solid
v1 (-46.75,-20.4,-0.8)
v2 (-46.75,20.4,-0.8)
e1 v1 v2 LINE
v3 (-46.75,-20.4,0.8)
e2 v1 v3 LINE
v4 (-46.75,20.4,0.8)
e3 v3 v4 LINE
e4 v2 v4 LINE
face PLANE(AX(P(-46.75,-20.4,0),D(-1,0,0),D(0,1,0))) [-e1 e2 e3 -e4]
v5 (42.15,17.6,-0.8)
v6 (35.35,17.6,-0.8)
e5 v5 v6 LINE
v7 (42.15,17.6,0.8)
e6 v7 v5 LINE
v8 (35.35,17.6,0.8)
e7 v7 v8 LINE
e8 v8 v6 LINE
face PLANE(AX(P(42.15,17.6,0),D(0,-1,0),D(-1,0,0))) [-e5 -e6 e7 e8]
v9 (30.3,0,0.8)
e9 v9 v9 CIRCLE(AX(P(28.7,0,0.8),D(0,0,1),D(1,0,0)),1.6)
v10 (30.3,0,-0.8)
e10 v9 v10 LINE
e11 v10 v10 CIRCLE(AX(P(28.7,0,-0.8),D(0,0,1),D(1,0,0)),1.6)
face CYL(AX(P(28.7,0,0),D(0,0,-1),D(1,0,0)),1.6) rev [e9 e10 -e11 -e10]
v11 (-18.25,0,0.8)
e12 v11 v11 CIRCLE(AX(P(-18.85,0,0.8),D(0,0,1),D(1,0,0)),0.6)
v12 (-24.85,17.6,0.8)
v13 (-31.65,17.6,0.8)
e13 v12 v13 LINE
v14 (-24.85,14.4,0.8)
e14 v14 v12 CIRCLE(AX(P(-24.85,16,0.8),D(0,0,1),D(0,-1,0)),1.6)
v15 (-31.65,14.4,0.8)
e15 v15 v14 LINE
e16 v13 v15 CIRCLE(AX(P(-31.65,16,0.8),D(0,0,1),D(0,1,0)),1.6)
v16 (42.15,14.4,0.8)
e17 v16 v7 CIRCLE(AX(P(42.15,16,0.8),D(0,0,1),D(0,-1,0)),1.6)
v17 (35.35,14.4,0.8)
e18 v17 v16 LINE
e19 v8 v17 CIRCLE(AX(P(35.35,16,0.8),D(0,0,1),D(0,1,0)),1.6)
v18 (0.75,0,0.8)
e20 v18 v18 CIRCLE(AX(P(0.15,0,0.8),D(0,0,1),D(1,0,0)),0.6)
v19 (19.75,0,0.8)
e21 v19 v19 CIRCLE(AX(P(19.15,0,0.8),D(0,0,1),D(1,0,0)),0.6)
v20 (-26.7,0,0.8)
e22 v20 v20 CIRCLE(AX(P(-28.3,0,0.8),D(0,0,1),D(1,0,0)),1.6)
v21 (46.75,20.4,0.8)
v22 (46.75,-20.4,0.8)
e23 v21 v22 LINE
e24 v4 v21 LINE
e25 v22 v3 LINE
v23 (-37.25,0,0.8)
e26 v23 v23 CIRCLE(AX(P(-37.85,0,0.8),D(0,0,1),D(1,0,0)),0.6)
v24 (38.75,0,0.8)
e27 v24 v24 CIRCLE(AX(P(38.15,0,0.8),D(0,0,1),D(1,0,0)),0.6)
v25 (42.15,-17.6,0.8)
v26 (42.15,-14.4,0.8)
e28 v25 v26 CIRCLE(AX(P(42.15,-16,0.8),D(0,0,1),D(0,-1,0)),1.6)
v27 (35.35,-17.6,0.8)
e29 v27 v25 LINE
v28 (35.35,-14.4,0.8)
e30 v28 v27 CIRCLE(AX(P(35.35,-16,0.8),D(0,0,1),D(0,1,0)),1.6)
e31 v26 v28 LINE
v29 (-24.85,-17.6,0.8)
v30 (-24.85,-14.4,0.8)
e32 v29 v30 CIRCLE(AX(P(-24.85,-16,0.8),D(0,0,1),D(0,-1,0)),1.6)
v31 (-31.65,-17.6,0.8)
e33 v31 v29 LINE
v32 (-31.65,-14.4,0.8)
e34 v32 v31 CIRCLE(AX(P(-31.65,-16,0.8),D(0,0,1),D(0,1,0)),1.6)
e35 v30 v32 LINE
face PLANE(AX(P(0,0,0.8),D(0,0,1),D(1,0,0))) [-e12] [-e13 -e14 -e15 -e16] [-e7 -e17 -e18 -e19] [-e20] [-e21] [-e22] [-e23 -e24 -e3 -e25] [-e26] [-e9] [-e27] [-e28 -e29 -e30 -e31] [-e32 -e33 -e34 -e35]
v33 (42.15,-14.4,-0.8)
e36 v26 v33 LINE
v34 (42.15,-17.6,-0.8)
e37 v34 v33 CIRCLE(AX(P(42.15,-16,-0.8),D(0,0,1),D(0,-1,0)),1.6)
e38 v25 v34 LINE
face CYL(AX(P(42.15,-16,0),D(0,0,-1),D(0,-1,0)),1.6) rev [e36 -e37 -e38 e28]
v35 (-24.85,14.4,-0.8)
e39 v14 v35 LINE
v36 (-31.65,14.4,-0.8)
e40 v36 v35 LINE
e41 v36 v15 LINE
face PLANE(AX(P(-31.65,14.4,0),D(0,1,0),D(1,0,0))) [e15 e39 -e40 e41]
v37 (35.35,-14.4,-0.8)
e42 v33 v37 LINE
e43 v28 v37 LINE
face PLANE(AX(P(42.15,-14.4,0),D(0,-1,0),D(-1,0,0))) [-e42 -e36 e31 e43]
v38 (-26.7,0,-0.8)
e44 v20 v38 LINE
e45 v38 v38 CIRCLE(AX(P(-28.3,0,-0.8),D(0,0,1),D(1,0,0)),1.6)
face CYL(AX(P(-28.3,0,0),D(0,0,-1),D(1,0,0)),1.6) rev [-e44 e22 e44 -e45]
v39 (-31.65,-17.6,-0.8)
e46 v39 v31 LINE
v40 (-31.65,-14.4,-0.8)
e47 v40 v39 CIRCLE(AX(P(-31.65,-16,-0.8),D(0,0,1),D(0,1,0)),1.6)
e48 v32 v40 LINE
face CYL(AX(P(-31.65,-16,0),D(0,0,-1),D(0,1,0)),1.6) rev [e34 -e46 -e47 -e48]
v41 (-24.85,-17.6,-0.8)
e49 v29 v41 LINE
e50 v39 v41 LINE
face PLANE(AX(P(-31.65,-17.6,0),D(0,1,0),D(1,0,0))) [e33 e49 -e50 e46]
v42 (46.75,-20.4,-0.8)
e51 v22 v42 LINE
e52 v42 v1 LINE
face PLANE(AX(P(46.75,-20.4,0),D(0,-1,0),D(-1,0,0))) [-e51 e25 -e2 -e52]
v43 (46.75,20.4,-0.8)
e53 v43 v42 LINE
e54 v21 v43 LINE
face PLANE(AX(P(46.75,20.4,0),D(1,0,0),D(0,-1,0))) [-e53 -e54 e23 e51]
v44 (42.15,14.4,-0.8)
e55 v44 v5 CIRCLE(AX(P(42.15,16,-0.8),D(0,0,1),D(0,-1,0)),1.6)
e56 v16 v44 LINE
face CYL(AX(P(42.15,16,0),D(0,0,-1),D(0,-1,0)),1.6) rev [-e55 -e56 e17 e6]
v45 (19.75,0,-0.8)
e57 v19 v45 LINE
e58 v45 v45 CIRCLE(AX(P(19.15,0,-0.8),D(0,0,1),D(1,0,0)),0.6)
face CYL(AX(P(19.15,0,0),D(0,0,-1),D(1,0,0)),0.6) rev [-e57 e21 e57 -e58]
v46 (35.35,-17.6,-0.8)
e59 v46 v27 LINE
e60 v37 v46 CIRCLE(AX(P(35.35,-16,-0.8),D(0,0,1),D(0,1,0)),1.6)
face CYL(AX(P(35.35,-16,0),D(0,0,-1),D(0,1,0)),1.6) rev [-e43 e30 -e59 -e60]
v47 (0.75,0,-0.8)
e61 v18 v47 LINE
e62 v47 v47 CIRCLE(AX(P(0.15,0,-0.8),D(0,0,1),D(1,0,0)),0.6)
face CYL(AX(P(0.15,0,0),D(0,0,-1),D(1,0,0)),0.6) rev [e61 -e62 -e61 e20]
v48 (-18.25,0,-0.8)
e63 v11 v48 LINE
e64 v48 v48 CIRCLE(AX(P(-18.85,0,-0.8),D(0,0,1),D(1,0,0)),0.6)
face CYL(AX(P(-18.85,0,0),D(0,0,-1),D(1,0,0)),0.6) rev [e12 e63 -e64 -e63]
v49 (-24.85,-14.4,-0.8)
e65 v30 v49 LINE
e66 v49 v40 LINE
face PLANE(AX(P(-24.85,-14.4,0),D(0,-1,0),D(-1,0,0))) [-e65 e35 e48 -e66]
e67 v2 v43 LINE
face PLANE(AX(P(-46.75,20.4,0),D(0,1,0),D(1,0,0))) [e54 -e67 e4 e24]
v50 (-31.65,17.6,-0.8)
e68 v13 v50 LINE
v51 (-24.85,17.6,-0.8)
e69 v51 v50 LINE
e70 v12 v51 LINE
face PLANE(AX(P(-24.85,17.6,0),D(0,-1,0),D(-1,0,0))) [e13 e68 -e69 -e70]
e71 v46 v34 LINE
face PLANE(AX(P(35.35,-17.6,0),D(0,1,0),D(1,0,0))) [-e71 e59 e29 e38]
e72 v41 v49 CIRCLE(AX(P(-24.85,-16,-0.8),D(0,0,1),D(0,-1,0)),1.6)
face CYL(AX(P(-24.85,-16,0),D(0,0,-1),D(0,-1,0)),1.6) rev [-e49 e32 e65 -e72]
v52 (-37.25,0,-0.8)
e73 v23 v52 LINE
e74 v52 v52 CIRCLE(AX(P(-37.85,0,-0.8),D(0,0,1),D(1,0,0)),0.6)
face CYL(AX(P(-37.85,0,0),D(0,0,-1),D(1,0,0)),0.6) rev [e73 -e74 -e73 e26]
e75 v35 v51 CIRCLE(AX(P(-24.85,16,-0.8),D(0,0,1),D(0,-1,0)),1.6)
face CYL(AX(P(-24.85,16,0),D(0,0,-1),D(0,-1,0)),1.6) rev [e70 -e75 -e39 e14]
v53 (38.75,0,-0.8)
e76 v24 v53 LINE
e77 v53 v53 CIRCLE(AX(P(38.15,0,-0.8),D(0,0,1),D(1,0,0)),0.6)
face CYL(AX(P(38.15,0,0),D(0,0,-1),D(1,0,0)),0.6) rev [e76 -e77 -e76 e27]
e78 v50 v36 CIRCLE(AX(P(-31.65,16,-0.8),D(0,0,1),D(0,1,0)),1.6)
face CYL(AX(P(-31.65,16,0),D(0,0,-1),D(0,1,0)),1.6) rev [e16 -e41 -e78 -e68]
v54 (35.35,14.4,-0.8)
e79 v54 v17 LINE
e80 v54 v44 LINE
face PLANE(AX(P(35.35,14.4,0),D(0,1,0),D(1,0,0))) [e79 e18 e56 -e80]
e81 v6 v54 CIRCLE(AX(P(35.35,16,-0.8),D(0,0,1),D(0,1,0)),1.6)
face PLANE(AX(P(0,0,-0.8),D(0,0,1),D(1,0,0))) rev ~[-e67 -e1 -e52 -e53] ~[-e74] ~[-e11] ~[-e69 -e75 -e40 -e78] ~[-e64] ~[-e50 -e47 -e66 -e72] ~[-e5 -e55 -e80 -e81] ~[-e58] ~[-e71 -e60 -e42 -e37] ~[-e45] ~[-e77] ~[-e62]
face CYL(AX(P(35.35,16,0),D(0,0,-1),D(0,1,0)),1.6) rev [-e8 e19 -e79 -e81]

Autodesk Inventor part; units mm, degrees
ref_plane "YZ Plane" through (0, 0, 0) normal (1, 0, 0) x (0, 1, 0)
ref_plane "XZ Plane" through (0, 0, 0) normal (0, 1, 0) x (-1, 0, 0)
ref_plane "XY Plane" through (0, 0, 0) normal (0, 0, 1) x (1, 0, 0)
sketch "Sketch1" plane through (0, 0, 0) normal (0, 0, 1) x (1, 0, 0)
  line L0 (-46.75, 20.4) -> (46.75, 20.4)
  line L1 (46.75, 20.4) -> (46.75, -20.4)
  line L2 (46.75, -20.4) -> (-46.75, -20.4)
  line L3 (-46.75, -20.4) -> (-46.75, 20.4)
  line L4 (-31.65, 16) -> (-24.85, 16) construction
  line L5 (-31.65, 14.4) -> (-24.85, 14.4)
  line L6 (-24.85, 17.6) -> (-31.65, 17.6)
  arc A0 (-31.65, 17.6) -> (-31.65, 14.4) centre (-31.65, 16) ccw
  arc A1 (-24.85, 14.4) -> (-24.85, 17.6) centre (-24.85, 16) ccw
  line L7 (-31.65, -16) -> (-24.85, -16) construction
  line L8 (-31.65, -17.6) -> (-24.85, -17.6)
  line L9 (-24.85, -14.4) -> (-31.65, -14.4)
  arc A2 (-31.65, -14.4) -> (-31.65, -17.6) centre (-31.65, -16) ccw
  arc A3 (-24.85, -17.6) -> (-24.85, -14.4) centre (-24.85, -16) ccw
  line L10 (35.35, 16) -> (42.15, 16) construction
  line L11 (35.35, 14.4) -> (42.15, 14.4)
  line L12 (42.15, 17.6) -> (35.35, 17.6)
  arc A4 (35.35, 17.6) -> (35.35, 14.4) centre (35.35, 16) ccw
  arc A5 (42.15, 14.4) -> (42.15, 17.6) centre (42.15, 16) ccw
  line L13 (35.35, -16) -> (42.15, -16) construction
  line L14 (35.35, -17.6) -> (42.15, -17.6)
  line L15 (42.15, -14.4) -> (35.35, -14.4)
  arc A6 (35.35, -14.4) -> (35.35, -17.6) centre (35.35, -16) ccw
  arc A7 (42.15, -17.6) -> (42.15, -14.4) centre (42.15, -16) ccw
  line L16 (-28.25, 16) -> (-28.25, -16) construction
  line L17 (-28.25, -16) -> (38.75, -16) construction
  circle A8 centre (28.7, 0) radius 1.6
  circle A9 centre (-28.3, 0) radius 1.6
  circle A10 centre (38.15, 0) radius 0.6
  circle A11 centre (19.15, 0) radius 0.6
  circle A12 centre (0.15, 0) radius 0.6
  circle A13 centre (-18.85, 0) radius 0.6
  circle A14 centre (-37.85, 0) radius 0.6
  point P0 (0, 0)
  point P1 (0, 20.4)
  point P2 (-46.75, 0)
  point P3 (38.75, 16)
  point P4 (-28.25, 0)
  dimension "d0" = 40.8
  dimension "d1" = 93.5
  dimension "d2" = 3.2
  dimension "d3" = 3.2
  dimension "d4" = 3.2
  dimension "d5" = 3.2
  dimension "d6" = 32
  dimension "d7" = 67
  dimension "d8" = 4.6
  dimension "d9" = 6.8
  dimension "d10" = 3.2
  dimension "d11" = 57
  dimension "d13" = 1.2
  dimension "d14" = 8.6
  dimension "d15" = 1.2
  dimension "d16" = 1.2
  dimension "d17" = 1.2
  dimension "d18" = 1.2
  dimension "d20" = 19
  dimension "d21" = 19
  dimension "d22" = 19
  dimension "d23" = 19
  dimension "d27" = 18.05
extrude "PCB SiPM 4CH corta" add sketch "Sketch1" along normal mid plane 1.6
equation "\"d21\" = d20"
equation "\"d22\" = d20"
equation "\"d23\" = d20"
properties part number "PCB SiPM 4CH corta" material "Phenolic Resin"
